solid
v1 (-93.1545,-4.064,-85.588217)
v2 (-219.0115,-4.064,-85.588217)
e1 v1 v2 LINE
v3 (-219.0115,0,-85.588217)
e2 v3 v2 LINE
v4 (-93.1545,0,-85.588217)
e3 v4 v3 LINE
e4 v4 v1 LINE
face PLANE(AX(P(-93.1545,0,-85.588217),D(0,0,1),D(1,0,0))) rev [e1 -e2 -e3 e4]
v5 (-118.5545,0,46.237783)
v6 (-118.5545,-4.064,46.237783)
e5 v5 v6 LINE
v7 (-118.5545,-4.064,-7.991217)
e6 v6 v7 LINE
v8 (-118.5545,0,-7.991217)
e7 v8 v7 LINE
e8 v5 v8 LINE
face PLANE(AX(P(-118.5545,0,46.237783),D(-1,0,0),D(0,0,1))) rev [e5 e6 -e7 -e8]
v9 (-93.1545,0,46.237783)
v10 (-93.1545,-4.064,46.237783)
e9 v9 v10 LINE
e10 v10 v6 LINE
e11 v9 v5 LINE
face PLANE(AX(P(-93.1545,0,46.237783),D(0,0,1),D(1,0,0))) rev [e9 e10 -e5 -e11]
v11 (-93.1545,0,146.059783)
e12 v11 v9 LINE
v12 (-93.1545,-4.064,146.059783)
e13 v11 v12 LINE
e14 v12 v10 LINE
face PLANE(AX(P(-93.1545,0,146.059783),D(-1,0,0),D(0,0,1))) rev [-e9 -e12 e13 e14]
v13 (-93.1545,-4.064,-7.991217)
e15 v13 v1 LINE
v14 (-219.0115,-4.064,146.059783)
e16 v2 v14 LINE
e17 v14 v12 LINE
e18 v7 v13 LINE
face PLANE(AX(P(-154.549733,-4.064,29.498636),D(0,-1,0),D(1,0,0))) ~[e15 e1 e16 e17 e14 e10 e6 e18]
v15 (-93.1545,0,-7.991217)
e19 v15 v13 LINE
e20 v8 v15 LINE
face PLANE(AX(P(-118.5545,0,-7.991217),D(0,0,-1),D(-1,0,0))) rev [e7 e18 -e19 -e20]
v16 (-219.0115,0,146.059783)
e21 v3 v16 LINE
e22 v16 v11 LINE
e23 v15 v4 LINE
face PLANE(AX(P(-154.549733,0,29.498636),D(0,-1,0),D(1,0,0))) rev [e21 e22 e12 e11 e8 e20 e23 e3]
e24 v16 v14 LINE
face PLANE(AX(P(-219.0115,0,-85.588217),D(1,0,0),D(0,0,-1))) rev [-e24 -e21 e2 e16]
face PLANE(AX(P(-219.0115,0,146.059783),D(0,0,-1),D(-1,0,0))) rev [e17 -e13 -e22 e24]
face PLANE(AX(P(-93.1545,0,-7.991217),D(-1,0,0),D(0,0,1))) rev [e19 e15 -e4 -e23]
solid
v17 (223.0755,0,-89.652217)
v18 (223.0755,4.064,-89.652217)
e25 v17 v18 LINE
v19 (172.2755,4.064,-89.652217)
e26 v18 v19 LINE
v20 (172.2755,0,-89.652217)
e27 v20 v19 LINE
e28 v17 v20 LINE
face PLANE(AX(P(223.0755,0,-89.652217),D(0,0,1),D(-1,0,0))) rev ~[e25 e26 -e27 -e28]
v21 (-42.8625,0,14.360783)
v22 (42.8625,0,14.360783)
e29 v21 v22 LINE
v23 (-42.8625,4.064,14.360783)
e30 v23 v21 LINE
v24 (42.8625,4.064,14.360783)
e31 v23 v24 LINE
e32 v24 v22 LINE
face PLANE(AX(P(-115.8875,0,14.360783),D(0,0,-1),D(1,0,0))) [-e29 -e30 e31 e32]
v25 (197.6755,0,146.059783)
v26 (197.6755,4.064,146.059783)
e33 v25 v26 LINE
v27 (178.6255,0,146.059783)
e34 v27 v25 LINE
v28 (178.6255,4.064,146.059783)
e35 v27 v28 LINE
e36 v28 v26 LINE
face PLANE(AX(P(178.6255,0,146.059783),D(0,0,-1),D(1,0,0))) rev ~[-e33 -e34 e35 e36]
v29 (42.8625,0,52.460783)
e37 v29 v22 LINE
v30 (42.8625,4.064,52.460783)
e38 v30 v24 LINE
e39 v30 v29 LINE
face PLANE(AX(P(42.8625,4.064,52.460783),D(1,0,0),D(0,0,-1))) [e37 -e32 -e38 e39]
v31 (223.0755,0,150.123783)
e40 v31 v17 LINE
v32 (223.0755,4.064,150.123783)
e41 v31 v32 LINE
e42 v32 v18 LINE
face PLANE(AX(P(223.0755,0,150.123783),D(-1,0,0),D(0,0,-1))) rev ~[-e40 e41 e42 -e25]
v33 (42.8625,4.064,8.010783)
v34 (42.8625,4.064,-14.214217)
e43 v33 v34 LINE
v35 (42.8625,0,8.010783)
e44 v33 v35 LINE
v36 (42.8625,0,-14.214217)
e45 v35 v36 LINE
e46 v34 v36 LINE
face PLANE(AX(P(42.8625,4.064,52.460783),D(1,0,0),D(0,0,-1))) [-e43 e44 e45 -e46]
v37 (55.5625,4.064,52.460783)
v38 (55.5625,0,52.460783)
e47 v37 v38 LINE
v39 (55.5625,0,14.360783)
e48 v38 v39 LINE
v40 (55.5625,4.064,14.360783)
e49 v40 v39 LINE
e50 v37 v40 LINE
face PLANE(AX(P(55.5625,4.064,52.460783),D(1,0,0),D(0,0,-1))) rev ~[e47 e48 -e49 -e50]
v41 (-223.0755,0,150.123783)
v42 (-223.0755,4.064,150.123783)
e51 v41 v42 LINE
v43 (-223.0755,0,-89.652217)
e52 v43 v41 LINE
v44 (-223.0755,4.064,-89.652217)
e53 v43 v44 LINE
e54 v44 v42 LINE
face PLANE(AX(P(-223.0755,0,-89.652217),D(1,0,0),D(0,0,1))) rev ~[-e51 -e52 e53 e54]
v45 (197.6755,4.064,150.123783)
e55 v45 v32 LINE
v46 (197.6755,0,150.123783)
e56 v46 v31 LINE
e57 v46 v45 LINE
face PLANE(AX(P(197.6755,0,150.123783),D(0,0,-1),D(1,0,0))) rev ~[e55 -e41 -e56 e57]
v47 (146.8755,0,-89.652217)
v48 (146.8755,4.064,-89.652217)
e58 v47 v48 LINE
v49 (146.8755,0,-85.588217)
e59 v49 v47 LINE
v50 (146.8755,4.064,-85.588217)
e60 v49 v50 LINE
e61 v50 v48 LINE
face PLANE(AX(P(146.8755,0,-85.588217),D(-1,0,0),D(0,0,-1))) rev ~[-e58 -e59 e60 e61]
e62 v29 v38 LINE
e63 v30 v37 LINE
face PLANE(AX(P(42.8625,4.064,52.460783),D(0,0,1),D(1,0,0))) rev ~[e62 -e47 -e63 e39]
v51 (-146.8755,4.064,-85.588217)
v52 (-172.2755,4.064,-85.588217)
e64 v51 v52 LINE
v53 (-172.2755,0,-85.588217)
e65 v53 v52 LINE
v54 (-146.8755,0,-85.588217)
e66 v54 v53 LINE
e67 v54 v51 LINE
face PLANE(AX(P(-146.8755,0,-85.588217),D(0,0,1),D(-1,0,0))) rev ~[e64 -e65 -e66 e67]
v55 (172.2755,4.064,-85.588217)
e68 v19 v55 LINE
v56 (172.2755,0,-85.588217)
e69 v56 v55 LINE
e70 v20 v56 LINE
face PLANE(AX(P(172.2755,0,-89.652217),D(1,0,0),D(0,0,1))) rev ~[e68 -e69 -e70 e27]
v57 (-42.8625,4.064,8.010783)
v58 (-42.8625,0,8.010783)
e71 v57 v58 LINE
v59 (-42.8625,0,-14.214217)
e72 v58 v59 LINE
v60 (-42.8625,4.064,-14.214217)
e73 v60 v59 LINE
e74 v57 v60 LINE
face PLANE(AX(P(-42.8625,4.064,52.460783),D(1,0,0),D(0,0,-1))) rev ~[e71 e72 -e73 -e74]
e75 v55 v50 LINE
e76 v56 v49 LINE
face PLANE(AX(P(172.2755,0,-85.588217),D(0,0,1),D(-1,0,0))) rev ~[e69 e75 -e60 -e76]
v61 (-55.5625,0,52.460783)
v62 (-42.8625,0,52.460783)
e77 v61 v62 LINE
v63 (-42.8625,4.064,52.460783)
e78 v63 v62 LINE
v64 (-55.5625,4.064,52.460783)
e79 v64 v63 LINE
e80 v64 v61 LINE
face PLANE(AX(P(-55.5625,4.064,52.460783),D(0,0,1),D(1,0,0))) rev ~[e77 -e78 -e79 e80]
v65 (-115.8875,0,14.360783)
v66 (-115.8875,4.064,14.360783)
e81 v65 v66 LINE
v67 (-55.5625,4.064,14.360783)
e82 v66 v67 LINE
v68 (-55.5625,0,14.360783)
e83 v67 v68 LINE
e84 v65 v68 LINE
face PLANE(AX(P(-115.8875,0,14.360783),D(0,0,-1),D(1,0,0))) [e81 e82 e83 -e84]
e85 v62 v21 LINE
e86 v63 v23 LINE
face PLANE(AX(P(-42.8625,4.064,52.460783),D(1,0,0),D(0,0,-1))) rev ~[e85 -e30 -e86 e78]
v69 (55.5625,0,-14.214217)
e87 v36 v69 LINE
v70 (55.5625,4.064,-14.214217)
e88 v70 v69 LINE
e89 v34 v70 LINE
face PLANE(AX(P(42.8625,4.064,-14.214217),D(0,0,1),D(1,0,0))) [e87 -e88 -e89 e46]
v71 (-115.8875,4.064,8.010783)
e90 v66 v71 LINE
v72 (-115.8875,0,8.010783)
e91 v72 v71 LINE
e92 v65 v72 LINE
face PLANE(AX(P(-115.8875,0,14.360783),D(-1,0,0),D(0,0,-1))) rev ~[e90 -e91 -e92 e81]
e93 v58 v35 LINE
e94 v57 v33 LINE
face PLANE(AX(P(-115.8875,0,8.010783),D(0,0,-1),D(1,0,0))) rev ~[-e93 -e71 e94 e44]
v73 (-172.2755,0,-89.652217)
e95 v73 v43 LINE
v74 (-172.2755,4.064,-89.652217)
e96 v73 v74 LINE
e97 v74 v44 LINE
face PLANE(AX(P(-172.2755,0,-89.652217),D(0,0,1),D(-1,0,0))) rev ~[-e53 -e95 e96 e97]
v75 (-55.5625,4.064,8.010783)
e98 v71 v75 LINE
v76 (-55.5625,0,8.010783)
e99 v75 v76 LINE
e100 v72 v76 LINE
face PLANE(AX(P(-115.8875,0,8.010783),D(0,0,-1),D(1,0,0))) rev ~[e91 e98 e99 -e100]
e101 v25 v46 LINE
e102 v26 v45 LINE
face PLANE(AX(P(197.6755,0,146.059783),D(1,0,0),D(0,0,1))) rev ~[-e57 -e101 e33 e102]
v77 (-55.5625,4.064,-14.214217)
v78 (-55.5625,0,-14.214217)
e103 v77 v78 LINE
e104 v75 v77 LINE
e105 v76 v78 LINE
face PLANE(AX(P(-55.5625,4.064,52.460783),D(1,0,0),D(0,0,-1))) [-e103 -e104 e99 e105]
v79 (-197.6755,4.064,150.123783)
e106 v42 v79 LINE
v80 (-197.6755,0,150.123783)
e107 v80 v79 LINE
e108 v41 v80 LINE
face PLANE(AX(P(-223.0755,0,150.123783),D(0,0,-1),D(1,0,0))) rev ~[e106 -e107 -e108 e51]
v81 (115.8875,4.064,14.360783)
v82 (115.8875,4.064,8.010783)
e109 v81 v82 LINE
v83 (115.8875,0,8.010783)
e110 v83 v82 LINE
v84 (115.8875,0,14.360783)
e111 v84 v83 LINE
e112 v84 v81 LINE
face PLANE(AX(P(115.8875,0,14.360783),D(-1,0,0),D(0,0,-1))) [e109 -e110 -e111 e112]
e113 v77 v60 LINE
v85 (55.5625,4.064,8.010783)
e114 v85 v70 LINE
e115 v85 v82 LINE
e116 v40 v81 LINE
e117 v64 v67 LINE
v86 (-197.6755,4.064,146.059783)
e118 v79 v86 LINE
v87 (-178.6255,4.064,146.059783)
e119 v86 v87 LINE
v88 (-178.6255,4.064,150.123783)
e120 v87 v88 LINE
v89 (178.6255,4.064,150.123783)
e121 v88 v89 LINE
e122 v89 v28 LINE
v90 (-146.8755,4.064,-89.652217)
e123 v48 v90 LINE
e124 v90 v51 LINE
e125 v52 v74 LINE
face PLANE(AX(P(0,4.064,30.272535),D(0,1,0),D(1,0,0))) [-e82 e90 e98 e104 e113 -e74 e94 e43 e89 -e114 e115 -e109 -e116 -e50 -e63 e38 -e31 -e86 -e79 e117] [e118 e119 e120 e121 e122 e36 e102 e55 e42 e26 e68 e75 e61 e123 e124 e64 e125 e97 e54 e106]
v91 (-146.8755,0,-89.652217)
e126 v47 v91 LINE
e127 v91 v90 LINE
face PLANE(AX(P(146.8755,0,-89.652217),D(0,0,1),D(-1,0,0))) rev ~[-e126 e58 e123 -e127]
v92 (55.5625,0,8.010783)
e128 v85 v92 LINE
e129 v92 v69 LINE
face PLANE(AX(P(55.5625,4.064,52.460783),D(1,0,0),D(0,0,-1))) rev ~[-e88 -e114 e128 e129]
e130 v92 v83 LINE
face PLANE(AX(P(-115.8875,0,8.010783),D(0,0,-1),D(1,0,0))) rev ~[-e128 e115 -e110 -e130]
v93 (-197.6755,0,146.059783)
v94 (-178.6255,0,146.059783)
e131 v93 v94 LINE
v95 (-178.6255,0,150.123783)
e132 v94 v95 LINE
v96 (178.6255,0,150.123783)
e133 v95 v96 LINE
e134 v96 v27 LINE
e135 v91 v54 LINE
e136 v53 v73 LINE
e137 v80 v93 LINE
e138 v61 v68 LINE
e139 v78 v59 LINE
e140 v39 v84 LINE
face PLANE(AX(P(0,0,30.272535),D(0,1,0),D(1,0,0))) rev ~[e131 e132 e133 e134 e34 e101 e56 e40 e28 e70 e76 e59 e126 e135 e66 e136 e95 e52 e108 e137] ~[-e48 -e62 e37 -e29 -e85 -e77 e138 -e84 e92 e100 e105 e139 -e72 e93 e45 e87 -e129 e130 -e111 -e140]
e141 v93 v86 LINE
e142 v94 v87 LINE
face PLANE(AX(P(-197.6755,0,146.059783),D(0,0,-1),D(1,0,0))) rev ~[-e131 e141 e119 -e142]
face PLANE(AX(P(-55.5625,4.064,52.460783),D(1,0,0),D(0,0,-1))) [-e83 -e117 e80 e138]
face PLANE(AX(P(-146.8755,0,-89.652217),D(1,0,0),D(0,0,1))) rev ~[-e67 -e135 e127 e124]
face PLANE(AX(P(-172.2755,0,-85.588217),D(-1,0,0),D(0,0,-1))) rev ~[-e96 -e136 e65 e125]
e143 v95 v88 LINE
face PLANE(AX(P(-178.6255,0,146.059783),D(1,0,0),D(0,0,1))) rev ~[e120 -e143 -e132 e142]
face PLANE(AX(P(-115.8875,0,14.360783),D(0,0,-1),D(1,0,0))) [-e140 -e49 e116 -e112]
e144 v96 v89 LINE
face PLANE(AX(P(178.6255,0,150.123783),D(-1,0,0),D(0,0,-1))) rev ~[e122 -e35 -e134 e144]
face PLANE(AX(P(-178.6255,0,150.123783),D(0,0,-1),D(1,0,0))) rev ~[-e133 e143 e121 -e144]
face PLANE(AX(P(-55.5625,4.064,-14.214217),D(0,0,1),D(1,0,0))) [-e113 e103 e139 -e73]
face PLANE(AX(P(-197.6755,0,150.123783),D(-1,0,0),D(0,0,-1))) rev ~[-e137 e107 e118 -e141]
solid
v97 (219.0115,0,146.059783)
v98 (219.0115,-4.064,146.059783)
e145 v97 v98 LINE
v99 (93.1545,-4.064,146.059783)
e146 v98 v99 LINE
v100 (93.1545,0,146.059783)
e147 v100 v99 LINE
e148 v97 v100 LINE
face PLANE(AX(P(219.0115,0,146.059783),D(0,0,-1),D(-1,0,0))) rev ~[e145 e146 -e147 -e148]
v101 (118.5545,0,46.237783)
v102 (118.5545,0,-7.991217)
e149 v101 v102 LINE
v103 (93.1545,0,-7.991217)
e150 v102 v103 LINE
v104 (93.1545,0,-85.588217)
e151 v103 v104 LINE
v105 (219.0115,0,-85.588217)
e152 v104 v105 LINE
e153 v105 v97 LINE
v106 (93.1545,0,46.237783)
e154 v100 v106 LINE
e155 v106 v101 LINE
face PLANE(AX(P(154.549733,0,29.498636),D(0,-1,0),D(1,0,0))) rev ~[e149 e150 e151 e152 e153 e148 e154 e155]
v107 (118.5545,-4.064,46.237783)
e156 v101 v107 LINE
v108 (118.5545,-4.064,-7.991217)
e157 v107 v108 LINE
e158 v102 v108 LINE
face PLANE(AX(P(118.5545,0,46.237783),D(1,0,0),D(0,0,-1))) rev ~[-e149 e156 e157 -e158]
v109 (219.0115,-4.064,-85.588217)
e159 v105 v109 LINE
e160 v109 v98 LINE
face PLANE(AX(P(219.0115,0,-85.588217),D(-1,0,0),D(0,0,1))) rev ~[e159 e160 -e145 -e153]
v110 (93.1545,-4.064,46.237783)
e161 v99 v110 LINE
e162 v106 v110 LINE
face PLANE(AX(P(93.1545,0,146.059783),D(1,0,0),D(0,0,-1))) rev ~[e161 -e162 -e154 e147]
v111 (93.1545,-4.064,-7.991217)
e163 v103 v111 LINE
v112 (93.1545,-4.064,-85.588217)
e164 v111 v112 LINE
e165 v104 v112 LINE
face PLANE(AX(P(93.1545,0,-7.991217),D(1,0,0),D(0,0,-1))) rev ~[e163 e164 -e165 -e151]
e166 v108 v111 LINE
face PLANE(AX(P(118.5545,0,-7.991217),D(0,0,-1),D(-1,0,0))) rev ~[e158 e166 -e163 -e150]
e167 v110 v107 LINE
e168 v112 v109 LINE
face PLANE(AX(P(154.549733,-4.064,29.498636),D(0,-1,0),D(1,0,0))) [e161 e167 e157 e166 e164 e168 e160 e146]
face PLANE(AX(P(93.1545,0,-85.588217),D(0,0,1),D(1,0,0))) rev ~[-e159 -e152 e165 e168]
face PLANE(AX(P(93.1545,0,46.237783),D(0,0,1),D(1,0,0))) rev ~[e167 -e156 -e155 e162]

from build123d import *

# Parameters (mm, degrees)
SKETCH1_W           = 231.775
SKETCH1_H           = 6.35
BOSS_EXTRUDE1_DEPTH = 4.064
SKETCH2_W           = 12.7
SKETCH2_H           = 66.675
CUT_EXTRUDE1_DEPTH  = 5.064
BOSS_EXTRUDE2_DEPTH = 4.064


with BuildPart() as part:
    # Sketch1 → Boss-Extrude1 (new body)
    with BuildSketch(Plane(origin=(0, 0, 0), x_dir=(1, 0, 0), z_dir=(0, 1, 0))):
        Polygon((-223.0755, -150.123783392), (-197.6755, -150.123783392), (-197.6755, -146.059783392), (-178.6255, -146.059783392), (-178.6255, -150.123783392), (178.6255, -150.123783392), (178.6255, -146.059783392), (197.6755, -146.059783392), (197.6755, -150.123783392), (223.0755, -150.123783392), (223.0755, 89.652216608), (172.2755, 89.652216608), (172.2755, 85.588216608), (146.8755, 85.588216608), (146.8755, 89.652216608), (-146.8755, 89.652216608), (-146.8755, 85.588216608), (-172.2755, 85.588216608), (-172.2755, 89.652216608), (-223.0755, 89.652216608), align=None)
        with Locations((0, -11.185783392)):
            Rectangle(SKETCH1_W, SKETCH1_H, mode=Mode.SUBTRACT)
    extrude(amount=BOSS_EXTRUDE1_DEPTH)

    # Sketch2 → Cut-Extrude1 (cut, through all)
    with BuildSketch(Plane(origin=(0, 4.064, 0), x_dir=(1, 0, 0), z_dir=(0, 1, 0))):
        with Locations((49.2125, -19.123283392)):
            Rectangle(SKETCH2_W, SKETCH2_H)
        with Locations((-49.2125, -19.123283392)):
            Rectangle(SKETCH2_W, SKETCH2_H)
    extrude(amount=-CUT_EXTRUDE1_DEPTH, mode=Mode.SUBTRACT)


with BuildPart() as body_2:
    # Sketch3 → Boss-Extrude2 (new body)
    with BuildSketch(Plane.XZ):
        Polygon((93.1545, -7.991216608), (93.1545, -85.588216608), (219.0115, -85.588216608), (219.0115, 146.059783392), (93.1545, 146.059783392), (93.1545, 46.237783392), (118.5545, 46.237783392), (118.5545, -7.991216608), align=None)
    extrude(amount=BOSS_EXTRUDE2_DEPTH)


with BuildPart() as body_3:
    # Mirror1: mirrored copy
    add(body_2.part.mirror(Plane(origin=(0, 0, 0), x_dir=(0, 0, 1), z_dir=(1, 0, 0))))


solid = Compound([part.part, body_2.part, body_3.part])
